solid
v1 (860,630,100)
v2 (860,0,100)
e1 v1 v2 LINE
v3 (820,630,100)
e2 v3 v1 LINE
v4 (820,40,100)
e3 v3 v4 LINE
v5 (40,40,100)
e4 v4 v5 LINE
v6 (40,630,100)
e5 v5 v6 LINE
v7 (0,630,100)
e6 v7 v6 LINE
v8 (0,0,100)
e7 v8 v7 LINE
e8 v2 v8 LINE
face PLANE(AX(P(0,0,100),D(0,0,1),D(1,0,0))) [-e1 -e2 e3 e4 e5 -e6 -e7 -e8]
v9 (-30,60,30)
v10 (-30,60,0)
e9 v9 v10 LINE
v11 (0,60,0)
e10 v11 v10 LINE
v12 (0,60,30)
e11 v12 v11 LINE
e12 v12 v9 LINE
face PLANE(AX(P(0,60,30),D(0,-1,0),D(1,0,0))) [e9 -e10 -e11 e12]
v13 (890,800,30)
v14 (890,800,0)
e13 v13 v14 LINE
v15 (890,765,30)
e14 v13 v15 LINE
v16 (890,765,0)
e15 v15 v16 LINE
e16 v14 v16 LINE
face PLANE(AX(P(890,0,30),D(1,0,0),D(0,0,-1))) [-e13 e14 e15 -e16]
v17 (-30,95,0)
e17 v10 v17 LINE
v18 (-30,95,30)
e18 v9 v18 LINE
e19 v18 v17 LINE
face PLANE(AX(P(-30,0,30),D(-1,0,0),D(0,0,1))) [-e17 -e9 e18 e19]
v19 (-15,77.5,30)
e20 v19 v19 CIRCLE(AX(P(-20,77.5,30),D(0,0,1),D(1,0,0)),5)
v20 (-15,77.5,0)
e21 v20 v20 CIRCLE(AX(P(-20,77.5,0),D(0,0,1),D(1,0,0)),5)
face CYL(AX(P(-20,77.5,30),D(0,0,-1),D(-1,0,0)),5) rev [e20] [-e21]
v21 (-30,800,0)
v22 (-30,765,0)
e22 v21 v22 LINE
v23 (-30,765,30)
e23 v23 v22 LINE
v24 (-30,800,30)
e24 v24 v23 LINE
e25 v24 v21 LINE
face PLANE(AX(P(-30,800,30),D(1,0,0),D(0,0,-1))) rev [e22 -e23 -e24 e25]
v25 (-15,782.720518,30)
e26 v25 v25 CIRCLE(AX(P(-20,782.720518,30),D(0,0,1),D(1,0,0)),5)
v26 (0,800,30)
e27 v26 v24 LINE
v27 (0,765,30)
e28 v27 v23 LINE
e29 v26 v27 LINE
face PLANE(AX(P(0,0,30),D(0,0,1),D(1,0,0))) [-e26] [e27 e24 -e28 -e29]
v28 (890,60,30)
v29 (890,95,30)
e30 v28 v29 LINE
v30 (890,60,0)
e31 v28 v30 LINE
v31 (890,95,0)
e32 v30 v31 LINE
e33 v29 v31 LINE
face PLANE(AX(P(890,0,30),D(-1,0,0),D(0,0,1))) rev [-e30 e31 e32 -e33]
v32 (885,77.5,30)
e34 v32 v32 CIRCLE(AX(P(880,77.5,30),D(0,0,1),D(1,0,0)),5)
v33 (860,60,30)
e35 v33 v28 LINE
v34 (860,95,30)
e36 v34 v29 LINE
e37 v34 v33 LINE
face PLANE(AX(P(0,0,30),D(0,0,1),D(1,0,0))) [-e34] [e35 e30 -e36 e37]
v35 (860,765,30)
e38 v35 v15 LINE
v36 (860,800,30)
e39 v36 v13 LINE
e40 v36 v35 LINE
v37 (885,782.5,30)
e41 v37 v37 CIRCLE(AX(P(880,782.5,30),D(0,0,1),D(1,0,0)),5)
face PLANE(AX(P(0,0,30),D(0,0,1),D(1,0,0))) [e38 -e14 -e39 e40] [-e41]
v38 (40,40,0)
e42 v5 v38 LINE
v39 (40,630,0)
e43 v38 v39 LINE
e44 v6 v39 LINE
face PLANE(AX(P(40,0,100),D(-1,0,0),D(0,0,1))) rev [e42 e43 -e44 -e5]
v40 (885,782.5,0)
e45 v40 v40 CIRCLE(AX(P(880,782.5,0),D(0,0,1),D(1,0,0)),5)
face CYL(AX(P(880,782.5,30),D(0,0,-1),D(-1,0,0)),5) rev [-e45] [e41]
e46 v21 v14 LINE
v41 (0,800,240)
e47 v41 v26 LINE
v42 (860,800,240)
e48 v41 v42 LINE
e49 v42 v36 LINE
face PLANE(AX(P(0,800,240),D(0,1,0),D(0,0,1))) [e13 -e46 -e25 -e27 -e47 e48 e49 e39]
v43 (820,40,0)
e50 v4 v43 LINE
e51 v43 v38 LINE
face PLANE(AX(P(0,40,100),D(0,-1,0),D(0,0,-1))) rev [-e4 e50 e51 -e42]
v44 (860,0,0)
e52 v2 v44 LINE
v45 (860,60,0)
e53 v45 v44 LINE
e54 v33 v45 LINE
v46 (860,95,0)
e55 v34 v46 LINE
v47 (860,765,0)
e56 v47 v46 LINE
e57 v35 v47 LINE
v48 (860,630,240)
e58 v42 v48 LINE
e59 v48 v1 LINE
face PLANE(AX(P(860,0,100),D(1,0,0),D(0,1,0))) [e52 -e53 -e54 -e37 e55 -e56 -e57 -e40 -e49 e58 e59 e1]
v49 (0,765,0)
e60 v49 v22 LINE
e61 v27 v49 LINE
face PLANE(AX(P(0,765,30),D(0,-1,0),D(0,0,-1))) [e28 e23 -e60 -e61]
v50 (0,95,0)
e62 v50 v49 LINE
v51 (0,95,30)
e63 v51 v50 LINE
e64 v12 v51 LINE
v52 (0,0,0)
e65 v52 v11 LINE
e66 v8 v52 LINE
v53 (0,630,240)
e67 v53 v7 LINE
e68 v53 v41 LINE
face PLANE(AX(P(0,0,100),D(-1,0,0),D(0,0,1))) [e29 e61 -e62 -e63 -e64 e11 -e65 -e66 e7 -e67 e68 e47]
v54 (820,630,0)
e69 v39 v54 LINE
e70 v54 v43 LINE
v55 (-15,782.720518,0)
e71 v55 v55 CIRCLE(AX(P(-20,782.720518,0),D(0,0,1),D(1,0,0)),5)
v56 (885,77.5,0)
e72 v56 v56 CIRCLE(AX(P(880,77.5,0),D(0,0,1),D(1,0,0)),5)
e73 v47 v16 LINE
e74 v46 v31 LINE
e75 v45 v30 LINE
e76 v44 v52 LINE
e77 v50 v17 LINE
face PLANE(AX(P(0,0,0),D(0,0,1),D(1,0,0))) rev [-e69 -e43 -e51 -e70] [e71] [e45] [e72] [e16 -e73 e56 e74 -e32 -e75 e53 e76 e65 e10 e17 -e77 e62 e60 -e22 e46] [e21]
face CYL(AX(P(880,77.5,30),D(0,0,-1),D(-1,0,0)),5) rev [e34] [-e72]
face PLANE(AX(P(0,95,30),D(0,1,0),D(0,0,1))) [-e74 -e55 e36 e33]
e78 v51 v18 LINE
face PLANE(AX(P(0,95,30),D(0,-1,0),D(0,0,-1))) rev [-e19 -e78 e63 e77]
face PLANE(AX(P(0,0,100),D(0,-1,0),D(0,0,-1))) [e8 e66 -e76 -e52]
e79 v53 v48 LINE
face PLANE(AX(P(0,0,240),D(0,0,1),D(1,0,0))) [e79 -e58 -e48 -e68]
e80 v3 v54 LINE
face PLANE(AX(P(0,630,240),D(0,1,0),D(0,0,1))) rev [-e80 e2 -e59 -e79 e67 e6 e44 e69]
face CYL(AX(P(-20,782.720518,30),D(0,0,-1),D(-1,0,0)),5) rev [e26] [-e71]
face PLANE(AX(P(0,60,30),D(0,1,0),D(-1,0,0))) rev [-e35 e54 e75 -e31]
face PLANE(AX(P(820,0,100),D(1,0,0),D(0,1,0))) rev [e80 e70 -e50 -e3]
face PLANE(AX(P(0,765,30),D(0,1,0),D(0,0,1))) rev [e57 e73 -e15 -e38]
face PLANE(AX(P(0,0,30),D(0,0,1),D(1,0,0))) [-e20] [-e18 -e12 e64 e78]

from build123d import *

# Parameters (mm, degrees)
EXTRUDE_1_DEPTH = 100
EXTRUDE_2_DEPTH = 240
SKETCH_1_4_W    = 30
SKETCH_1_4_H    = 35
SKETCH_1_4_R    = 5
EXTRUDE_3_DEPTH = 30


with BuildPart() as part:
    # Эскиз1 → Бобышка-Вытянуть1 (new body)
    with BuildSketch(Plane.XY):
        Polygon((0, 60), (0, 0), (860, 0), (860, 60), (860, 95), (860, 630), (820, 630), (820, 40), (40, 40), (40, 630), (0, 630), (0, 95), align=None)
    extrude(amount=EXTRUDE_1_DEPTH)

    # Эскиз1<3> → Бобышка-Вытянуть2 (add)
    with BuildSketch(Plane.XY):
        Polygon((0, 765), (0, 630), (40, 630), (820, 630), (860, 630), (860, 765), (860, 800), (0, 800), align=None)
    extrude(amount=EXTRUDE_2_DEPTH)

    # Эскиз1<4> → Бобышка-Вытянуть3 (add)
    # profile 1 of 4: a face of its own
    with BuildSketch(Plane.XY):
        with Locations((-15, 77.5)):
            Rectangle(SKETCH_1_4_W, SKETCH_1_4_H)
        with Locations((-20, 77.5)):
            Circle(SKETCH_1_4_R, mode=Mode.SUBTRACT)
    # profile 2 of 4: a face of its own
    with BuildSketch(Plane.XY):
        with Locations((875, 77.5)):
            Rectangle(SKETCH_1_4_W, SKETCH_1_4_H)
        with Locations((880, 77.5)):
            Circle(SKETCH_1_4_R, mode=Mode.SUBTRACT)
    # profile 3 of 4: a face of its own
    with BuildSketch(Plane.XY):
        with Locations((-15, 782.5)):
            Rectangle(SKETCH_1_4_W, SKETCH_1_4_H)
        with Locations((-20, 782.720518287)):
            Circle(SKETCH_1_4_R, mode=Mode.SUBTRACT)
    # profile 4 of 4: a face of its own
    with BuildSketch(Plane.XY):
        with Locations((875, 782.5)):
            Rectangle(SKETCH_1_4_W, SKETCH_1_4_H)
        with Locations((880, 782.5)):
            Circle(SKETCH_1_4_R, mode=Mode.SUBTRACT)
    extrude(amount=EXTRUDE_3_DEPTH)


solid = part.part
